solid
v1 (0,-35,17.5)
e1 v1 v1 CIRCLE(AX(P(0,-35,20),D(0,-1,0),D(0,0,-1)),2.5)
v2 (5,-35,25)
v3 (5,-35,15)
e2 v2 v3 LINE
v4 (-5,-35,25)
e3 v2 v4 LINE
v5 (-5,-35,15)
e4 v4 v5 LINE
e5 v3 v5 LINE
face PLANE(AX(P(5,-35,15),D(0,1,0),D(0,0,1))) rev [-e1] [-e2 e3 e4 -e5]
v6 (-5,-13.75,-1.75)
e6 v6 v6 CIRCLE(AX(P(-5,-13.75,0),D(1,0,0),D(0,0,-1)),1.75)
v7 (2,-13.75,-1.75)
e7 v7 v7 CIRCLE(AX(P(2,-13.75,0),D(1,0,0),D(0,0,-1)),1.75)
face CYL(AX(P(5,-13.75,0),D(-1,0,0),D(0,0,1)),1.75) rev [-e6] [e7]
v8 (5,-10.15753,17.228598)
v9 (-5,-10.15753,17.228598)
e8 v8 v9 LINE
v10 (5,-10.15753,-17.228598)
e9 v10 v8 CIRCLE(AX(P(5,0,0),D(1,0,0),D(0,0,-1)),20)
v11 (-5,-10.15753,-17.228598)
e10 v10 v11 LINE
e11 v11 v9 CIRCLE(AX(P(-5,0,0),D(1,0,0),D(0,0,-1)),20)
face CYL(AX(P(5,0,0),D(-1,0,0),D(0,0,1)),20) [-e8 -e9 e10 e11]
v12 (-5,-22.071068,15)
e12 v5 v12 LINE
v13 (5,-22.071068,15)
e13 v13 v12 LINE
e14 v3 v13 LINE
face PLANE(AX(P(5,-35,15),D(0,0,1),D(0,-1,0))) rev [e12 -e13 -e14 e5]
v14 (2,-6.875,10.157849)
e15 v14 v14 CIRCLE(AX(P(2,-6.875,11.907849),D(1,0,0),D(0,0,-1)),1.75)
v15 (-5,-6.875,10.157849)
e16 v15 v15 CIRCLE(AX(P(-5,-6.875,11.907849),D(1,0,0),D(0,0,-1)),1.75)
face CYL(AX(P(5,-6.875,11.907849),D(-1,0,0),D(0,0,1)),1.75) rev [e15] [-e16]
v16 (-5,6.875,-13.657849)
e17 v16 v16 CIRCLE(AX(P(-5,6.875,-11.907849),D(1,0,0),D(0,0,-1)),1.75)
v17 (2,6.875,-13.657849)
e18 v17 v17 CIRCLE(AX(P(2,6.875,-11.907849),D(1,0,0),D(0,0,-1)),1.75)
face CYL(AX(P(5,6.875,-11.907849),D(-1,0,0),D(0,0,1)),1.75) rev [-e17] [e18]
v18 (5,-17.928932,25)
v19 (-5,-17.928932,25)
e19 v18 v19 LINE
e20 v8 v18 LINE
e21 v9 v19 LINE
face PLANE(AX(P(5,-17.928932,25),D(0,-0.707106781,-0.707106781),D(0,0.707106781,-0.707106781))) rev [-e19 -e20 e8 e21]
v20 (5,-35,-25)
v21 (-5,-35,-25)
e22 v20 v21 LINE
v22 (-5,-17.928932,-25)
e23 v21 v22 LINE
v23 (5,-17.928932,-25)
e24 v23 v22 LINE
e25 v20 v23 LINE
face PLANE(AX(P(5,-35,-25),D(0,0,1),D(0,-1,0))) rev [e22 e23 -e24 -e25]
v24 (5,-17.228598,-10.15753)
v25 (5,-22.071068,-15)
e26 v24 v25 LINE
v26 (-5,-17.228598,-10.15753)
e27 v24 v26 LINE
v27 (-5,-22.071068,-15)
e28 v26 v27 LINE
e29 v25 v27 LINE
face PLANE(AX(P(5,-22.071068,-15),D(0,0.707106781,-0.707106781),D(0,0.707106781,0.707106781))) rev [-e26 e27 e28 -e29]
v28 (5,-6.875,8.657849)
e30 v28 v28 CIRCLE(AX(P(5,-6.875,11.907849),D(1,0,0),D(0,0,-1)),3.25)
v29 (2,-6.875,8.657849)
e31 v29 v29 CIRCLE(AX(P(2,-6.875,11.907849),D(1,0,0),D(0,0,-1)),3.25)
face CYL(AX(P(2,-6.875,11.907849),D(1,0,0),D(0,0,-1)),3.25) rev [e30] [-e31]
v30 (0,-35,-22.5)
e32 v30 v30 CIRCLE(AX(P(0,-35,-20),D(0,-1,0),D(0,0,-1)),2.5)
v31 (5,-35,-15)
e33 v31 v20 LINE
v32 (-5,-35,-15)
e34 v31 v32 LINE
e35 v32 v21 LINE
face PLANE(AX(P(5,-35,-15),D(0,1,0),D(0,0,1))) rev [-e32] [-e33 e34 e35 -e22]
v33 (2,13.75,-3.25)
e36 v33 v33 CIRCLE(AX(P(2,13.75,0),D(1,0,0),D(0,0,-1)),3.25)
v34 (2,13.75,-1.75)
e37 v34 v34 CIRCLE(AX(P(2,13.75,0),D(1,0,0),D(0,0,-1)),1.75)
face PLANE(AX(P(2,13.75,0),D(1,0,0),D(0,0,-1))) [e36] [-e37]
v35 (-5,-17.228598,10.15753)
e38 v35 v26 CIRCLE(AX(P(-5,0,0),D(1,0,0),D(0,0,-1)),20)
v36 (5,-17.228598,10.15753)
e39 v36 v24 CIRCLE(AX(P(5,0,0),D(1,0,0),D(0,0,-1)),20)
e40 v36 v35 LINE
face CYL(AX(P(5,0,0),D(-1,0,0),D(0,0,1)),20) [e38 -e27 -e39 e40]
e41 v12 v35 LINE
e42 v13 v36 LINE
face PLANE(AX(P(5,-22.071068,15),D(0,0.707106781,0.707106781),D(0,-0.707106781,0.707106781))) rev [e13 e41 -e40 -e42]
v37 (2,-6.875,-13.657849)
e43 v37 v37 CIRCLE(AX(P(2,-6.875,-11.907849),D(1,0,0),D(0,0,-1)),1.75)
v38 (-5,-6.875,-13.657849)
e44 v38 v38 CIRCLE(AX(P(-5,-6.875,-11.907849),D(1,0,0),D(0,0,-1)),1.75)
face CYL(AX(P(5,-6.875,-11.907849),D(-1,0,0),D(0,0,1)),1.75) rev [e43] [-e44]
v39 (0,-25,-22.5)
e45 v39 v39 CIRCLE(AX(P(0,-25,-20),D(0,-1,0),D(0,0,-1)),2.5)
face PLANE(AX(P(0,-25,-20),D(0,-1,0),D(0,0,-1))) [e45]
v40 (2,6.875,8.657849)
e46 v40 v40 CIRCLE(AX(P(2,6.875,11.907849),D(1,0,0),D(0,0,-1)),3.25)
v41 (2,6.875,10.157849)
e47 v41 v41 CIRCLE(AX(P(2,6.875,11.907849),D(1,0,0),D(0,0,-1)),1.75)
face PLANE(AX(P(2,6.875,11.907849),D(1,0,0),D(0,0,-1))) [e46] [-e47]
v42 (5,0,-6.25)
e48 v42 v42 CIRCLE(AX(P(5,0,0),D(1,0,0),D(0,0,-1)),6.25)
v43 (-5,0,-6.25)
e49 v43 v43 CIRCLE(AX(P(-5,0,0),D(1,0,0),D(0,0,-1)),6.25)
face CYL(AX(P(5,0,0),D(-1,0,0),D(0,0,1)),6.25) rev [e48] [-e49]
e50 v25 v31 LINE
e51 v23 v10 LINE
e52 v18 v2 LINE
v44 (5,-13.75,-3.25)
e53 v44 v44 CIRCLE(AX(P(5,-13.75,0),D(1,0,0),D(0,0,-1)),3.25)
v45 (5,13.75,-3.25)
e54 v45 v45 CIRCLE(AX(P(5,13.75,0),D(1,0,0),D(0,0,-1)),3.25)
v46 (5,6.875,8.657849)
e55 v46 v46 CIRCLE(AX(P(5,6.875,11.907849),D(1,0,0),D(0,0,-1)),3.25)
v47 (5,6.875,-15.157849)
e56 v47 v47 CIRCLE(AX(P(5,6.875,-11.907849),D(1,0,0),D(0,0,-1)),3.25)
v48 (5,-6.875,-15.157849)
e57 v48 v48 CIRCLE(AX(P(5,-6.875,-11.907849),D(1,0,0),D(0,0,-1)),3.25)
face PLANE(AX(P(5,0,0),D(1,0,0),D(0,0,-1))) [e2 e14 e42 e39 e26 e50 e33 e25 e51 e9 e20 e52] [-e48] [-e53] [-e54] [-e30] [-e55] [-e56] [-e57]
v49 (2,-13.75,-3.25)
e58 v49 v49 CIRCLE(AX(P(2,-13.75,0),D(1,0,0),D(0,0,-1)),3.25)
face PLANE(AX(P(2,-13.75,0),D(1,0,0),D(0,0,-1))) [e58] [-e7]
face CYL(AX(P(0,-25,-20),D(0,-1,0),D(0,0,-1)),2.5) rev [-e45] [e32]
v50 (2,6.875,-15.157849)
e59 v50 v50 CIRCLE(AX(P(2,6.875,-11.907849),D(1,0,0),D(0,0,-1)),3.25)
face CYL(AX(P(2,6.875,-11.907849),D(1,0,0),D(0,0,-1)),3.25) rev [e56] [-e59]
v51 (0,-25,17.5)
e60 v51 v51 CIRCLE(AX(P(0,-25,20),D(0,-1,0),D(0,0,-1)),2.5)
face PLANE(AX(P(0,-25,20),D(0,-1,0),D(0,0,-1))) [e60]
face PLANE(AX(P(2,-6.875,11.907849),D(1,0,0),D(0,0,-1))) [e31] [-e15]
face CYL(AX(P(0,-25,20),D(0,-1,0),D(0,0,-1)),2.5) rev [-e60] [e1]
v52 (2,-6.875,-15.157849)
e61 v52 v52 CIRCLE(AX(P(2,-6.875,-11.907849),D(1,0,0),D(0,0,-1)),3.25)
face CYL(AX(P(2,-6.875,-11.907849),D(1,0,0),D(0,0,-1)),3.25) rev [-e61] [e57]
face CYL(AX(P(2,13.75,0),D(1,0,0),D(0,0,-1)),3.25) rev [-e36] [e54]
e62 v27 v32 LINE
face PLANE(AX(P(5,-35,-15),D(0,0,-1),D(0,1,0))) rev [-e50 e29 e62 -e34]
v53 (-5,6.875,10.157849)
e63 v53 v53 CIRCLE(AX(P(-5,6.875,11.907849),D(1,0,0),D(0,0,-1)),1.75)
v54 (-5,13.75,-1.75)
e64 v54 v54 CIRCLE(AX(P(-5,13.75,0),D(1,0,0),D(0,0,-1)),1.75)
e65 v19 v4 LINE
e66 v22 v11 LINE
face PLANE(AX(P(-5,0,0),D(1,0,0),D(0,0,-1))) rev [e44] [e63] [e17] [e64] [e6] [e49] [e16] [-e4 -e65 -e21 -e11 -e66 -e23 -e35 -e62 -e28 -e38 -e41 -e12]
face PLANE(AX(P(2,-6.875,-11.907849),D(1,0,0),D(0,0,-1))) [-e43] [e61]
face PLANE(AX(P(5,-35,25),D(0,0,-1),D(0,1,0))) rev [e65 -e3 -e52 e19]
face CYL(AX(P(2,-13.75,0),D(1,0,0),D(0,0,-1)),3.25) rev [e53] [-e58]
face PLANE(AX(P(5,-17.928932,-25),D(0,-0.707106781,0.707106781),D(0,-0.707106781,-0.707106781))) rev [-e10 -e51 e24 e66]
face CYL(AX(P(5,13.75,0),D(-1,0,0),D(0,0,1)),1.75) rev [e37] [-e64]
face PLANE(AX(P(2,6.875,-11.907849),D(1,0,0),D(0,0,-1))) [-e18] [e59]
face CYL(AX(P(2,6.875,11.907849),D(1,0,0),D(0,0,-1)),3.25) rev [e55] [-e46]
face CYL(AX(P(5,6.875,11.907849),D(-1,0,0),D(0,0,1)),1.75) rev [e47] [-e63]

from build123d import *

# Parameters (mm, degrees)
CROQUIS1_R              = 20
CROQUIS1_R_2            = 6.25
CROQUIS1_R_3            = 1.75
SALIENTE_EXTRUIR1_DEPTH = 5
SALIENTE_EXTRUIR2_DEPTH = 5
CROQUIS3_R              = 3.25
CORTAR_EXTRUIR1_DEPTH   = 3
CROQUIS4_R              = 2.5
CORTAR_EXTRUIR2_DEPTH   = 10


with BuildPart() as part:
    # Croquis1 → Saliente-Extruir1 (new, symmetric)
    with BuildSketch(Plane(origin=(0, 0, 0), x_dir=(0, 0, -1), z_dir=(1, 0, 0))):
        Circle(CROQUIS1_R)
        Circle(CROQUIS1_R_2, mode=Mode.SUBTRACT)
        with Locations((0, 13.75)):
            Circle(CROQUIS1_R_3, mode=Mode.SUBTRACT)
        with Locations((11.907849302, 6.875)):
            Circle(CROQUIS1_R_3, mode=Mode.SUBTRACT)
        with Locations((11.907849302, -6.875)):
            Circle(CROQUIS1_R_3, mode=Mode.SUBTRACT)
        with Locations((0, -13.75)):
            Circle(CROQUIS1_R_3, mode=Mode.SUBTRACT)
        with Locations((-11.907849302, -6.875)):
            Circle(CROQUIS1_R_3, mode=Mode.SUBTRACT)
        with Locations((-11.907849302, 6.875)):
            Circle(CROQUIS1_R_3, mode=Mode.SUBTRACT)
    extrude(amount=SALIENTE_EXTRUIR1_DEPTH, both=True)

    # Croquis2 → Saliente-Extruir2 (add, symmetric)
    with BuildSketch(Plane(origin=(0, 0, 0), x_dir=(0, 0, -1), z_dir=(1, 0, 0))):
        with BuildLine():
            Line((-15, -35), (-25, -35))
            Line((-25, -35), (-25, -17.928932188))
            Line((-25, -17.928932188), (-17.228597844, -10.157530032))
            ThreePointArc((-17.228597844, -10.157530032), (-14.142135624, -14.142135624), (-10.157530032, -17.228597844))
            Line((-10.157530032, -17.228597844), (-15, -22.071067812))
            Line((-15, -22.071067812), (-15, -35))
        make_face()
        with BuildLine():
            Line((15, -35), (15, -22.071067812))
            Line((15, -22.071067812), (10.157530032, -17.228597844))
            ThreePointArc((10.157530032, -17.228597844), (14.142135624, -14.142135624), (17.228597844, -10.157530032))
            Line((17.228597844, -10.157530032), (25, -17.928932188))
            Line((25, -17.928932188), (25, -35))
            Line((25, -35), (15, -35))
        make_face()
    extrude(amount=SALIENTE_EXTRUIR2_DEPTH, both=True)

    # Croquis3 → Cortar-Extruir1 (cut)
    with BuildSketch(Plane(origin=(5, 0, 0), x_dir=(0, 0, -1), z_dir=(1, 0, 0))):
        with Locations((0, 13.75)):
            Circle(CROQUIS3_R)
        with Locations((11.907849302, 6.875)):
            Circle(CROQUIS3_R)
        with Locations((11.907849302, -6.875)):
            Circle(CROQUIS3_R)
        with Locations((0, -13.75)):
            Circle(CROQUIS3_R)
        with Locations((-11.907849302, -6.875)):
            Circle(CROQUIS3_R)
        with Locations((-11.907849302, 6.875)):
            Circle(CROQUIS3_R)
    extrude(amount=-CORTAR_EXTRUIR1_DEPTH, mode=Mode.SUBTRACT)

    # Croquis4 → Cortar-Extruir2 (cut)
    with BuildSketch(Plane.XZ.offset(35)):
        with Locations(Location((0, 20, 0), (0, 0, 270))):
            Circle(CROQUIS4_R)
        with Locations(Location((0, -20, 0), (0, 0, 270))):
            Circle(CROQUIS4_R)
    extrude(amount=-CORTAR_EXTRUIR2_DEPTH, mode=Mode.SUBTRACT)


solid = part.part
